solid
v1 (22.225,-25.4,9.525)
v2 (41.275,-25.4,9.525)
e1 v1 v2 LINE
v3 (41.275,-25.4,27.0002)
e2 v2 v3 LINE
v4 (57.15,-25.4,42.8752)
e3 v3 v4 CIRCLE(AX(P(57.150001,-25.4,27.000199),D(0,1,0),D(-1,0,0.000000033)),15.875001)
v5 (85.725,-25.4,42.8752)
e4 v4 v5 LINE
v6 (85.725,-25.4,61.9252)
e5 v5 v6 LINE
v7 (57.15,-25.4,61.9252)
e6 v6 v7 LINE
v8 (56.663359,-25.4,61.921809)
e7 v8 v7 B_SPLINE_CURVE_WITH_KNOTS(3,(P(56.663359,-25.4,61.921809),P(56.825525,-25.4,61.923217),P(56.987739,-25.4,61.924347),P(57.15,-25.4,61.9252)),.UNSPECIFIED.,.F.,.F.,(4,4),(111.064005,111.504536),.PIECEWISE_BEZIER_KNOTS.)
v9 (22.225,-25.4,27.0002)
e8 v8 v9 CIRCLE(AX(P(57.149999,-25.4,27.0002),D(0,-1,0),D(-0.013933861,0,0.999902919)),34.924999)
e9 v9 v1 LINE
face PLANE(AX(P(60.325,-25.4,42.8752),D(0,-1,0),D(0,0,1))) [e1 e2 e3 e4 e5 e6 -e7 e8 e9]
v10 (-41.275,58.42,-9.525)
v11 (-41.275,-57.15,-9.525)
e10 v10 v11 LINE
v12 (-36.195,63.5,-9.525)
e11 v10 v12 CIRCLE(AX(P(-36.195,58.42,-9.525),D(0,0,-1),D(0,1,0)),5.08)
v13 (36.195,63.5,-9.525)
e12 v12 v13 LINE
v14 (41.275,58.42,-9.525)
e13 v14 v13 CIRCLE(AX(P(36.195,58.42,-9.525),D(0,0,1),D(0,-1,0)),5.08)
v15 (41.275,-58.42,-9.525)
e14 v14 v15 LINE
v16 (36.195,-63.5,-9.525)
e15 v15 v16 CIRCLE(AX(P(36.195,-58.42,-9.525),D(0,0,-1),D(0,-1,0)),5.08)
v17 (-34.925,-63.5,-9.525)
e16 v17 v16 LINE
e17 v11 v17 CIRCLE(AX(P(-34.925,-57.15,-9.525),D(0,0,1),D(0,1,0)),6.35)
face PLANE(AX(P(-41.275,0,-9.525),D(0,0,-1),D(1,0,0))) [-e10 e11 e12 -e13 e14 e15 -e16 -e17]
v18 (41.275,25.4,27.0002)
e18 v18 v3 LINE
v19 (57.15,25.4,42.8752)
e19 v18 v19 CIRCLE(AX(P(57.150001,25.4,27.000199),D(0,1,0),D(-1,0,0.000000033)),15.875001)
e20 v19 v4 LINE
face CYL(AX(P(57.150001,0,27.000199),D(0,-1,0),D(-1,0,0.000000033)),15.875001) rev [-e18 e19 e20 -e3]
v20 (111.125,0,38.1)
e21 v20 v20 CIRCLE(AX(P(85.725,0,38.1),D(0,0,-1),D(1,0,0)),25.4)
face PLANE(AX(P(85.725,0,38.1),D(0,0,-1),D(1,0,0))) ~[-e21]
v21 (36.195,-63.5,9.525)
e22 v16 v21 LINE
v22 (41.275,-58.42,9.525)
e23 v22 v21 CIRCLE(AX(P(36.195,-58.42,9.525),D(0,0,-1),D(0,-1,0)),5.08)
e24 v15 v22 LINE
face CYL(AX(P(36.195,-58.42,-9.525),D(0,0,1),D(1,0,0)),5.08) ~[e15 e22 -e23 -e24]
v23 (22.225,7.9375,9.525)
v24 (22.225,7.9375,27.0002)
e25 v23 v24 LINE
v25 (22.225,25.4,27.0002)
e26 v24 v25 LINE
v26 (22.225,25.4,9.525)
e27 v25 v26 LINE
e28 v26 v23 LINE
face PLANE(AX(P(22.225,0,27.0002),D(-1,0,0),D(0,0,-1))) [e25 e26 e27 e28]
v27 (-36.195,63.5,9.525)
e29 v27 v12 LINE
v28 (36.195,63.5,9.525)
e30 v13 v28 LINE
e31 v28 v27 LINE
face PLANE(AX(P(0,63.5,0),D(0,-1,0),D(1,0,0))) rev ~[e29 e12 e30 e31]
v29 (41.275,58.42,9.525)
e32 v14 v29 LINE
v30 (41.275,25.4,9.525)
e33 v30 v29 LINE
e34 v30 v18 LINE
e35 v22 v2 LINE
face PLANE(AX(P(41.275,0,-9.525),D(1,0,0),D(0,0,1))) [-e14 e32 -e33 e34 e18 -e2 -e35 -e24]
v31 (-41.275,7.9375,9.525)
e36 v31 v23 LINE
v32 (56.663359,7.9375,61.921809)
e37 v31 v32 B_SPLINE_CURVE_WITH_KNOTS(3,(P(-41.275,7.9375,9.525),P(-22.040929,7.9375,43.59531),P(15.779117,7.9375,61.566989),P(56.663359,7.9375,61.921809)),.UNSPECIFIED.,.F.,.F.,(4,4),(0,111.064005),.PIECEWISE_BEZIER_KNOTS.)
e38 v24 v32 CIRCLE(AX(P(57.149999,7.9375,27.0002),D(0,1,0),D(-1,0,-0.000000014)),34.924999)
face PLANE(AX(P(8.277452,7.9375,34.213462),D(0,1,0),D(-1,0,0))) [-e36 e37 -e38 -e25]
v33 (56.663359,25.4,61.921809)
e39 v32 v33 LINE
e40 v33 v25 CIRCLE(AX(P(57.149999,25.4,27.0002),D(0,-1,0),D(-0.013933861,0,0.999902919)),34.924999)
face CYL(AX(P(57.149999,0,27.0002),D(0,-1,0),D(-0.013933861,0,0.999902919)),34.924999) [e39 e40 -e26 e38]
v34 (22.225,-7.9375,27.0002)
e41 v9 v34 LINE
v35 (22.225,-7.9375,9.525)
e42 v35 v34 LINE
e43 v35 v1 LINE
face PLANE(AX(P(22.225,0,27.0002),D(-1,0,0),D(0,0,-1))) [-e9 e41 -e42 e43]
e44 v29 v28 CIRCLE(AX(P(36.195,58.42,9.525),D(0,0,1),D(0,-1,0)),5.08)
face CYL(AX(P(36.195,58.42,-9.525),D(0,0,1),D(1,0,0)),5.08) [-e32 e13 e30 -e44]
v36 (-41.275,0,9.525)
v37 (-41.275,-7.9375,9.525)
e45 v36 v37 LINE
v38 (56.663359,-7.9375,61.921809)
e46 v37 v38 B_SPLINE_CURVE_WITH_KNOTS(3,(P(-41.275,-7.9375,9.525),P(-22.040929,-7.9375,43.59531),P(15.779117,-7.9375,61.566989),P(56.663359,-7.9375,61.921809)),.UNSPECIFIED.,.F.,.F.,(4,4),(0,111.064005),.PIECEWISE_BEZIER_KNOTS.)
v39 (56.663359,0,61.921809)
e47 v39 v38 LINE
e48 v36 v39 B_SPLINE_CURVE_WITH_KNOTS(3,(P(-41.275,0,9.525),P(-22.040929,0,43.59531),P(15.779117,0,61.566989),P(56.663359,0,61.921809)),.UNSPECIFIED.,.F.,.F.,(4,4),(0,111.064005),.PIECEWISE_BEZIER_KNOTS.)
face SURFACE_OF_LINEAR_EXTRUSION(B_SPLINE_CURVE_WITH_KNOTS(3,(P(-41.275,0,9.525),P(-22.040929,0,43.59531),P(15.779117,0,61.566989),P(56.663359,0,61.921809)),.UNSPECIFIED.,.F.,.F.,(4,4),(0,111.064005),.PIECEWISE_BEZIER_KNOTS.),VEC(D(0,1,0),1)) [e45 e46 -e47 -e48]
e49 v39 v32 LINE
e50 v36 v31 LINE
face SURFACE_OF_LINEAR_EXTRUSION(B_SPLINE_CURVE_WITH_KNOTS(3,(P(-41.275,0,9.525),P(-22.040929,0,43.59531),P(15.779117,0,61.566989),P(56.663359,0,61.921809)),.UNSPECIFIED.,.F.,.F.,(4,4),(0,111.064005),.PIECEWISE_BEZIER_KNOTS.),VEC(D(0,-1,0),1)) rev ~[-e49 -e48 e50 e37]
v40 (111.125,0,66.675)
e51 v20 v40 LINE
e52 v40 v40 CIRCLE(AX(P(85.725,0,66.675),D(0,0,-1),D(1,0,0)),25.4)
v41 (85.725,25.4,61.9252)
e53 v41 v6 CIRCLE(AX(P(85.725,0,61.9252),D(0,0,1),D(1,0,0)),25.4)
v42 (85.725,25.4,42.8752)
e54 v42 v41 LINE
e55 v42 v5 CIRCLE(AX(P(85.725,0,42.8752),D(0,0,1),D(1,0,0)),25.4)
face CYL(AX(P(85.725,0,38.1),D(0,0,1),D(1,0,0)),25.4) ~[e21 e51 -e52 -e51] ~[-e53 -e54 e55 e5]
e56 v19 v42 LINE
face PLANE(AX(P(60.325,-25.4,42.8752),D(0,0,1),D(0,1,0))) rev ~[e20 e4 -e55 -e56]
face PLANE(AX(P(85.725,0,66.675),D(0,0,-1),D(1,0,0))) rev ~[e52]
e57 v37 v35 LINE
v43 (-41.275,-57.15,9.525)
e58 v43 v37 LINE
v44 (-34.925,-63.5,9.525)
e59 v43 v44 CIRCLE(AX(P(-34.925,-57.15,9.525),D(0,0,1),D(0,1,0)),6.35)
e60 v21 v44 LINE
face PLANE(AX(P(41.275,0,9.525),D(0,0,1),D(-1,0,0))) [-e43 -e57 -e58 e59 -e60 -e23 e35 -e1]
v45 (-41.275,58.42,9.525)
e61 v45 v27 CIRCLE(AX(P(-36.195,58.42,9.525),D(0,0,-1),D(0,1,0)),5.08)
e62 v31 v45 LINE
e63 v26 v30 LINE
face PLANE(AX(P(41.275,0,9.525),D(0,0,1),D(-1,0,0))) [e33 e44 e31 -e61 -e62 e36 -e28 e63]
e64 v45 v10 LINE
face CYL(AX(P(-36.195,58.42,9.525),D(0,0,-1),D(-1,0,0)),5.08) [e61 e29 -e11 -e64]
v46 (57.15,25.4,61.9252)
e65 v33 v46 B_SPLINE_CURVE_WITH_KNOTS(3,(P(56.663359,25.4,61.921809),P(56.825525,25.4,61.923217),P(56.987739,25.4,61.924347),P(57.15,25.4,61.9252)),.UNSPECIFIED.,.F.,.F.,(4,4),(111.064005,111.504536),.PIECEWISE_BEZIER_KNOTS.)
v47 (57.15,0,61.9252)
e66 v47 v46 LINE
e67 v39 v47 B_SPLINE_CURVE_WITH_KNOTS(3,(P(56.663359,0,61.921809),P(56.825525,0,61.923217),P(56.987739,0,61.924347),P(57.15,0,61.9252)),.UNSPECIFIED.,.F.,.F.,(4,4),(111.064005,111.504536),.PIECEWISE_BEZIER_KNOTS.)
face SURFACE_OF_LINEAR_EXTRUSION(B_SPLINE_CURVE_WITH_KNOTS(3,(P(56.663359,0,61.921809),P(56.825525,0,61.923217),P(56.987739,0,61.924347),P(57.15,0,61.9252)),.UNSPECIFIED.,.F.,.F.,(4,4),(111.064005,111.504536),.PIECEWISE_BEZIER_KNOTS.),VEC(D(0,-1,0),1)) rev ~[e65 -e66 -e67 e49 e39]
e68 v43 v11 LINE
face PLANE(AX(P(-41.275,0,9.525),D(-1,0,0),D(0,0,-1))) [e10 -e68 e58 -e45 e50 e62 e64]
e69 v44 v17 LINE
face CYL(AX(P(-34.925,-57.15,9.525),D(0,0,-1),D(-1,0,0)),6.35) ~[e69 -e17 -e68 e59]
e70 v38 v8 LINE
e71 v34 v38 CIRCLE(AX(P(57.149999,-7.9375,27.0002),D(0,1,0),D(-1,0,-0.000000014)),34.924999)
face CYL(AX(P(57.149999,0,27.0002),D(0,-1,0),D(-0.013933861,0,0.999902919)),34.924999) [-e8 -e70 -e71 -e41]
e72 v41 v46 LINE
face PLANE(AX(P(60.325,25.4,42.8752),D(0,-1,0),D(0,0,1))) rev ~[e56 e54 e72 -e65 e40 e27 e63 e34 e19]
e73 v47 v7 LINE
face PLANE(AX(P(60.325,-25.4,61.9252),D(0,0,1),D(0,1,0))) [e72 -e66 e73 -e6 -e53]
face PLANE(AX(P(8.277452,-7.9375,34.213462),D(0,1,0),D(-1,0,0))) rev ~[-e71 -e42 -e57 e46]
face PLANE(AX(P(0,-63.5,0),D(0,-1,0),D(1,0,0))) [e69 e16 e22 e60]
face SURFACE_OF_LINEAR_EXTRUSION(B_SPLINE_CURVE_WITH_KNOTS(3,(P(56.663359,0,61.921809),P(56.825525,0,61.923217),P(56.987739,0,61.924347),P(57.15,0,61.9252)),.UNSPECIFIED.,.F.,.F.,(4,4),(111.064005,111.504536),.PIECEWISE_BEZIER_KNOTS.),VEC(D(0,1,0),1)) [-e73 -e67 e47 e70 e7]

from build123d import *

# Parameters (mm, degrees)
F1_DEPTH  = 63.5
F2_DEPTH  = 25.4
F3_DEPTH  = 7.9375
F2_FACE_W = 50.8
F2_FACE_H = 19.05
F4_DEPTH  = 25.4
F7_R      = 5.08
F8_R      = 6.35


with BuildPart() as f1:
    # F0 (on Front) → F1 (new body, symmetric)
    with BuildSketch(Plane.XZ):
        Polygon((22.225, 9.525), (-41.275, 9.525), (-41.275, -9.525), (41.275, -9.525), (41.275, 9.525), align=None)
    extrude(amount=F1_DEPTH, both=True)

    # F0 (on Front) → F2 (join, symmetric)
    with BuildSketch(Plane.XZ):
        with BuildLine():
            Line((22.225, 27.0002), (22.225, 9.525))
            Line((22.225, 9.525), (41.275, 9.525))
            Line((41.275, 9.525), (41.275, 27.0002))
            ThreePointArc((41.275, 27.0002), (45.92468, 38.22552), (57.15, 42.8752))
            Line((57.15, 42.8752), (60.325, 42.8752))
            Line((60.325, 42.8752), (60.325, 61.9252))
            Line((60.325, 61.9252), (57.15, 61.9252))
            add(Edge.make_bspline(
                [(56.663359, 61.921809), (56.825525, 61.923217), (56.987739, 61.924347), (57.15, 61.9252)],
                knots=[111.064005, 111.064005, 111.064005, 111.064005, 111.504536, 111.504536, 111.504536, 111.504536], degree=3))
            ThreePointArc((56.663359, 61.921809), (32.282837, 51.523247), (22.225, 27.0002))
        make_face()
    extrude(amount=F2_DEPTH, both=True)

    # F0 (on Front) → F3 (join, symmetric)
    with BuildSketch(Plane.XZ):
        with BuildLine():
            add(Edge.make_bspline(
                [(-41.275, 9.525), (-22.040929, 43.59531), (15.779117, 61.566989), (56.663359, 61.921809)],
                knots=[0, 0, 0, 0, 111.064005, 111.064005, 111.064005, 111.064005], degree=3))
            Line((-41.275, 9.525), (22.225, 9.525))
            Line((22.225, 9.525), (22.225, 27.0002))
            ThreePointArc((22.225, 27.0002), (32.282837, 51.523247), (56.663359, 61.921809))
        make_face()
    extrude(amount=F3_DEPTH, both=True)

    # F2_face (on face) → F4 (join)
    with BuildSketch(Plane(origin=(60.325, 0, 52.4002), x_dir=(0, 1, 0), z_dir=(1, 0, 0))):
        Rectangle(F2_FACE_W, F2_FACE_H)
    extrude(amount=F4_DEPTH)

    # F0 (on Front) → F6 (revolve)
    with BuildSketch(Plane.XZ):
        Polygon((85.725, 66.675), (85.725, 61.9252), (85.725, 42.8752), (85.725, 38.1), (111.125, 38.1), (111.125, 66.675), align=None)
    revolve(axis=Axis((85.725, 0, 52.3875), (0, 0, -1)))

    # F7
    f7_edges = [f1.edges().sort_by_distance(p)[0] for p in [
        (41.275, -63.5, 0),
        (41.275, 63.5, 0),
        (-41.275, 63.5, 0),
    ]]
    fillet(f7_edges, radius=F7_R)

    # F8
    f8_edges = [f1.edges().sort_by_distance(p)[0] for p in [
        (-41.275, -63.5, 0),
    ]]
    fillet(f8_edges, radius=F8_R)


solid = f1.part
